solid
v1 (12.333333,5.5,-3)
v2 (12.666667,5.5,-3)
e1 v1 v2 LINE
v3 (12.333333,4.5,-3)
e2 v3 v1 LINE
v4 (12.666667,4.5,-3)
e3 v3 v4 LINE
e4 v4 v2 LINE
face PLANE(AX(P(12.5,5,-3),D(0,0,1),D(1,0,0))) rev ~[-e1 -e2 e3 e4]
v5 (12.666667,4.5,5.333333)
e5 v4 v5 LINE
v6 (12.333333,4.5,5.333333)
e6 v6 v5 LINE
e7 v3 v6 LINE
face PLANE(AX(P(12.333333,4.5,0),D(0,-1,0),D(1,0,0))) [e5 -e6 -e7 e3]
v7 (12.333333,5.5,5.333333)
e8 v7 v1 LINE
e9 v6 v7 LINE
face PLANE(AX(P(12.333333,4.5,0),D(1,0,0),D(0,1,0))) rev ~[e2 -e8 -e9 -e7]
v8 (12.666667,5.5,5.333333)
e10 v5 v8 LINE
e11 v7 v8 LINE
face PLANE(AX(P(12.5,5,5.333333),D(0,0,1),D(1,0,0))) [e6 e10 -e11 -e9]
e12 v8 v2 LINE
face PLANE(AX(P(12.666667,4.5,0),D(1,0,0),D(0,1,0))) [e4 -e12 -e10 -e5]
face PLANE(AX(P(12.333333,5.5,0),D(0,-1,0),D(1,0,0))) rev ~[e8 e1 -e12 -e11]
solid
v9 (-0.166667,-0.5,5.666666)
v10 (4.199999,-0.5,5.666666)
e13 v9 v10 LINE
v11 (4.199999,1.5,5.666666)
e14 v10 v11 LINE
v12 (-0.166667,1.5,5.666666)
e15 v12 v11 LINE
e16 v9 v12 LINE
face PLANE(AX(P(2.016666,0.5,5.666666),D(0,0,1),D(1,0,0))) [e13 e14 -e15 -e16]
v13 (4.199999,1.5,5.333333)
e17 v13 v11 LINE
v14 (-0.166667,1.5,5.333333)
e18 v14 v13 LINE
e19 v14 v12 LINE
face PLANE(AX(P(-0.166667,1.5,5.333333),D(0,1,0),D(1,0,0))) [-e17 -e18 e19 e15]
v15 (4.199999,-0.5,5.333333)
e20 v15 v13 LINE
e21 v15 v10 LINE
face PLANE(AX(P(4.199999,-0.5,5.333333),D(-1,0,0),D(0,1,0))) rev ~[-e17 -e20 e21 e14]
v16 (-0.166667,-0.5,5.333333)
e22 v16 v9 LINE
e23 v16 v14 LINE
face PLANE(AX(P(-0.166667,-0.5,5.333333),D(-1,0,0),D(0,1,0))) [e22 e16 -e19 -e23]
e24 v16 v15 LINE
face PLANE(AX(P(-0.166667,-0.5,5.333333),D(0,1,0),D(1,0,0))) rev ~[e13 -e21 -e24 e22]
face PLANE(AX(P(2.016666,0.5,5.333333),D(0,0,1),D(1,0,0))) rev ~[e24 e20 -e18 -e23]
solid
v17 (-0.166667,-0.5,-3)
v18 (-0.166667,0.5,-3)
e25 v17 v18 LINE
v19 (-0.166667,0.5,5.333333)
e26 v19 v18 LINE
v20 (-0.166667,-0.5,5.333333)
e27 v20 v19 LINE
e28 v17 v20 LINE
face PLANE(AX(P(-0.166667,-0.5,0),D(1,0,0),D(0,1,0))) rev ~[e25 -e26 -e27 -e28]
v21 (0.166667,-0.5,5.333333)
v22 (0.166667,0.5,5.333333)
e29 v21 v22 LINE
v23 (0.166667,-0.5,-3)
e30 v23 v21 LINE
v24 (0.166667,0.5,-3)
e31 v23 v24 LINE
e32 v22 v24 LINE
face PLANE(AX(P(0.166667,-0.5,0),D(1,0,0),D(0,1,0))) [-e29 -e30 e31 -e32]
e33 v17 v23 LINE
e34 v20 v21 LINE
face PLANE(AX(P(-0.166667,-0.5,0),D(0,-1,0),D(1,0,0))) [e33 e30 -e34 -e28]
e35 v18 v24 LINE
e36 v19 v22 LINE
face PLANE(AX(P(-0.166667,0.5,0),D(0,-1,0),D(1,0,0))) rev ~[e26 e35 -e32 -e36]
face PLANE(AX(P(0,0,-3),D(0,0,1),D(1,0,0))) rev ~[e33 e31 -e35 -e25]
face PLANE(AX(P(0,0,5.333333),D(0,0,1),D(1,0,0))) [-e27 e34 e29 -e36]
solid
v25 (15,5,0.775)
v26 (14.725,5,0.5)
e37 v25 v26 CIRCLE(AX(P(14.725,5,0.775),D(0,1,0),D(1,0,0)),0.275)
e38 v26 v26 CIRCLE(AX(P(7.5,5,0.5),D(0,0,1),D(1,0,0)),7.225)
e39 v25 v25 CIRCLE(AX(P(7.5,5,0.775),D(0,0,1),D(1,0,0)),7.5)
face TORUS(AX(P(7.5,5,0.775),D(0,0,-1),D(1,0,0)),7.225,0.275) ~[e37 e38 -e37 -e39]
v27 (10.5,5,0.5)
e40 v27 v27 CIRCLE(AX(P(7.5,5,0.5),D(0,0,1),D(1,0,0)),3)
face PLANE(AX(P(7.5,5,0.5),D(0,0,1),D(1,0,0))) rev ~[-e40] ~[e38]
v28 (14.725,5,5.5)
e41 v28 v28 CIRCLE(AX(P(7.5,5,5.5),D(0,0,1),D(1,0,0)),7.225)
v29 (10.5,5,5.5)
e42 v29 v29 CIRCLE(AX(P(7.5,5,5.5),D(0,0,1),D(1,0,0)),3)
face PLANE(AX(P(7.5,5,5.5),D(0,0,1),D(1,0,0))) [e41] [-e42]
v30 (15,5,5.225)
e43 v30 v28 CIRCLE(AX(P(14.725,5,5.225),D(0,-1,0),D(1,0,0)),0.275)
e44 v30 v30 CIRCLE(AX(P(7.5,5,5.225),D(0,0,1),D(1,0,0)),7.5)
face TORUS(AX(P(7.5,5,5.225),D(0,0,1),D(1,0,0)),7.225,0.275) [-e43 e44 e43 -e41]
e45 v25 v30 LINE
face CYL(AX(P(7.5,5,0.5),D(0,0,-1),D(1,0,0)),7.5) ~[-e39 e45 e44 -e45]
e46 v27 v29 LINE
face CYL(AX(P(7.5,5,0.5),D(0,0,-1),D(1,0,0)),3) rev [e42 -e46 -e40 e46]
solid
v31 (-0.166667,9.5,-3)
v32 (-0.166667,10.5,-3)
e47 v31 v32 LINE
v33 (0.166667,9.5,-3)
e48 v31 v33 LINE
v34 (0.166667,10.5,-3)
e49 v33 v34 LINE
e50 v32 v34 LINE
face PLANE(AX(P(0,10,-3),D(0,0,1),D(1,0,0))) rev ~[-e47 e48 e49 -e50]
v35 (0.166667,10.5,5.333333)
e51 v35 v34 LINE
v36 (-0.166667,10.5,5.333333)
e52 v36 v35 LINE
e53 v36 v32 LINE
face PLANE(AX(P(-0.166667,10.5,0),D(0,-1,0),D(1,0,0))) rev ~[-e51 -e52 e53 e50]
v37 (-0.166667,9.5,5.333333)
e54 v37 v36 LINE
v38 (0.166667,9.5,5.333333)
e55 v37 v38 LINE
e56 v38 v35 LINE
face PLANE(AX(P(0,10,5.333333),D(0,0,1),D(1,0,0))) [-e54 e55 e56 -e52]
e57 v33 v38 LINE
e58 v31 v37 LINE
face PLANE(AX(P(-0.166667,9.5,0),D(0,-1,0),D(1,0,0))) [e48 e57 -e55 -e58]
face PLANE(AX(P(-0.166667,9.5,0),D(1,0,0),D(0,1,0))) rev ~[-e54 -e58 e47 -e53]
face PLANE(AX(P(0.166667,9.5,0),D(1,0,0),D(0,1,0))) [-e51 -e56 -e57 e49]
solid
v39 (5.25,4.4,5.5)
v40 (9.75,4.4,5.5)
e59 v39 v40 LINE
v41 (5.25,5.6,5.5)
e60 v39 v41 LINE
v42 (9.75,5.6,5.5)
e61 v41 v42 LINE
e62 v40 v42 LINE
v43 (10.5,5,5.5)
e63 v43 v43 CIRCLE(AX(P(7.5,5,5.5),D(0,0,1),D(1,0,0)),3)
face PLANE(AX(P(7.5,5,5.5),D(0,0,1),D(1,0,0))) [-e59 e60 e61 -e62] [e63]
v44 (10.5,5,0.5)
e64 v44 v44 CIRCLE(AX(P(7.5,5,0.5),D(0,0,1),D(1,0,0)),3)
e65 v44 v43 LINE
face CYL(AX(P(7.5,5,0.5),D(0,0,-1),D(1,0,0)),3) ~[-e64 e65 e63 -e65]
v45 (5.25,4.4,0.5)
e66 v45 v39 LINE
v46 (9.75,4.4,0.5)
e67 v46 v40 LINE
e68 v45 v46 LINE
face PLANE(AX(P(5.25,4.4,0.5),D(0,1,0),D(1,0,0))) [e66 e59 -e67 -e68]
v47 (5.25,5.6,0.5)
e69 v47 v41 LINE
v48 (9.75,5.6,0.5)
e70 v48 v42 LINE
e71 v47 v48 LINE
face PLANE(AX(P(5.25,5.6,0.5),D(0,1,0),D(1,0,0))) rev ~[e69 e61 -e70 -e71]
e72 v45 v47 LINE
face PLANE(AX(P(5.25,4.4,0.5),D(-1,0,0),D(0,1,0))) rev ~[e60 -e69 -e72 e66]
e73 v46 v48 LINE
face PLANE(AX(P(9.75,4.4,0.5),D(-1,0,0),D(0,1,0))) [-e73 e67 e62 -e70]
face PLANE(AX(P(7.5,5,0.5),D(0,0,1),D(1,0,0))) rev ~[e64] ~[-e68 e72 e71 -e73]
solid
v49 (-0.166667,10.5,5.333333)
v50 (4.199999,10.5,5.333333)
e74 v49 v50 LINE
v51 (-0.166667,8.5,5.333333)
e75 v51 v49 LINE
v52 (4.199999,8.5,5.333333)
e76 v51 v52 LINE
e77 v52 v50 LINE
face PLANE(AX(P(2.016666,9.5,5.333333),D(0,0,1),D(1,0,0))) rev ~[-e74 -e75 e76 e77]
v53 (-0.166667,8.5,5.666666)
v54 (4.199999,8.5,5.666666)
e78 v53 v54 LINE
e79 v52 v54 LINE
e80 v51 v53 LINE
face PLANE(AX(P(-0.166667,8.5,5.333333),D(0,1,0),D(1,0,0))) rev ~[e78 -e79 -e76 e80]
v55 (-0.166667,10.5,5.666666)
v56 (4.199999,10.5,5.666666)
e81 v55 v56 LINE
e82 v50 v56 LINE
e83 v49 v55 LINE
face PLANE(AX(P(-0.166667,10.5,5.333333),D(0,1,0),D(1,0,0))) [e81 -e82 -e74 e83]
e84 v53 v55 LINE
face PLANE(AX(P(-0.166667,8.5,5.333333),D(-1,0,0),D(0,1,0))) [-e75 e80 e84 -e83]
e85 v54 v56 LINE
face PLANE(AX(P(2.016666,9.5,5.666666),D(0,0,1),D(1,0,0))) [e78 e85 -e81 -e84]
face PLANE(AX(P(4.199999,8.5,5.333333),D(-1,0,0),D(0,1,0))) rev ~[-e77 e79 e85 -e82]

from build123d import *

# Parameters (mm, degrees)
SKETCH003_W       = 0.333334
SKETCH003_H       = 1
PAD002_DEPTH      = 5.333333
PAD002_DEPTH_BACK = 3
SKETCH004_R       = 3
SKETCH004_W       = 4.5
SKETCH004_H       = 1.2
PAD003_DEPTH      = 5
SKETCH_R          = 7.5
SKETCH_R_2        = 3
PAD_DEPTH         = 5
FILLET_R          = 0.275
SKETCH005_W       = 4.366667
SKETCH005_H       = 2
PAD004_DEPTH      = 0.333333


with BuildPart() as pad002:
    # Sketch003 → Pad002 (new body, two sides)
    with BuildSketch(Plane(origin=(0, 10, 0), x_dir=(1, 0, 0), z_dir=(0, 0, 1))) as pad002_sk:
        Rectangle(SKETCH003_W, SKETCH003_H)
        with Locations((12.5, -5)):
            Rectangle(SKETCH003_W, SKETCH003_H)
        with Locations((0, -10)):
            Rectangle(SKETCH003_W, SKETCH003_H)
    extrude(amount=PAD002_DEPTH)
    extrude(pad002_sk.sketch, amount=-PAD002_DEPTH_BACK)


with BuildPart() as pad003:
    # Sketch004 → Pad003 (new body)
    with BuildSketch(Plane(origin=(0, 10, 0.5), x_dir=(1, 0, 0), z_dir=(0, 0, 1))):
        with Locations((7.5, -5)):
            Circle(SKETCH004_R)
        with Locations((7.5, -5)):
            Rectangle(SKETCH004_W, SKETCH004_H, mode=Mode.SUBTRACT)
    extrude(amount=PAD003_DEPTH)


with BuildPart() as fillet_body:
    # Sketch → Pad (new body)
    with BuildSketch(Plane(origin=(0, 10, 0.5), x_dir=(1, 0, 0), z_dir=(0, 0, 1))):
        with Locations((7.5, -5)):
            Circle(SKETCH_R)
        with Locations((7.5, -5)):
            Circle(SKETCH_R_2, mode=Mode.SUBTRACT)
    extrude(amount=PAD_DEPTH)

    # Fillet
    fillet_edges = [fillet_body.edges().sort_by_distance(p)[0] for p in [
        (0, 5, 0.5),
        (0, 5, 5.5),
    ]]
    fillet(fillet_edges, radius=FILLET_R)


with BuildPart() as pad004:
    # Sketch005 → Pad004 (new body)
    with BuildSketch(Plane(origin=(0, 10, 5.333333), x_dir=(1, 0, 0), z_dir=(0, 0, 1))):
        with Locations((2.016666, -0.5)):
            Rectangle(SKETCH005_W, SKETCH005_H)
        with Locations((2.016666, -9.5)):
            Rectangle(SKETCH005_W, SKETCH005_H)
    extrude(amount=PAD004_DEPTH)


solid = Compound([pad002.part, pad003.part, fillet_body.part, pad004.part])
